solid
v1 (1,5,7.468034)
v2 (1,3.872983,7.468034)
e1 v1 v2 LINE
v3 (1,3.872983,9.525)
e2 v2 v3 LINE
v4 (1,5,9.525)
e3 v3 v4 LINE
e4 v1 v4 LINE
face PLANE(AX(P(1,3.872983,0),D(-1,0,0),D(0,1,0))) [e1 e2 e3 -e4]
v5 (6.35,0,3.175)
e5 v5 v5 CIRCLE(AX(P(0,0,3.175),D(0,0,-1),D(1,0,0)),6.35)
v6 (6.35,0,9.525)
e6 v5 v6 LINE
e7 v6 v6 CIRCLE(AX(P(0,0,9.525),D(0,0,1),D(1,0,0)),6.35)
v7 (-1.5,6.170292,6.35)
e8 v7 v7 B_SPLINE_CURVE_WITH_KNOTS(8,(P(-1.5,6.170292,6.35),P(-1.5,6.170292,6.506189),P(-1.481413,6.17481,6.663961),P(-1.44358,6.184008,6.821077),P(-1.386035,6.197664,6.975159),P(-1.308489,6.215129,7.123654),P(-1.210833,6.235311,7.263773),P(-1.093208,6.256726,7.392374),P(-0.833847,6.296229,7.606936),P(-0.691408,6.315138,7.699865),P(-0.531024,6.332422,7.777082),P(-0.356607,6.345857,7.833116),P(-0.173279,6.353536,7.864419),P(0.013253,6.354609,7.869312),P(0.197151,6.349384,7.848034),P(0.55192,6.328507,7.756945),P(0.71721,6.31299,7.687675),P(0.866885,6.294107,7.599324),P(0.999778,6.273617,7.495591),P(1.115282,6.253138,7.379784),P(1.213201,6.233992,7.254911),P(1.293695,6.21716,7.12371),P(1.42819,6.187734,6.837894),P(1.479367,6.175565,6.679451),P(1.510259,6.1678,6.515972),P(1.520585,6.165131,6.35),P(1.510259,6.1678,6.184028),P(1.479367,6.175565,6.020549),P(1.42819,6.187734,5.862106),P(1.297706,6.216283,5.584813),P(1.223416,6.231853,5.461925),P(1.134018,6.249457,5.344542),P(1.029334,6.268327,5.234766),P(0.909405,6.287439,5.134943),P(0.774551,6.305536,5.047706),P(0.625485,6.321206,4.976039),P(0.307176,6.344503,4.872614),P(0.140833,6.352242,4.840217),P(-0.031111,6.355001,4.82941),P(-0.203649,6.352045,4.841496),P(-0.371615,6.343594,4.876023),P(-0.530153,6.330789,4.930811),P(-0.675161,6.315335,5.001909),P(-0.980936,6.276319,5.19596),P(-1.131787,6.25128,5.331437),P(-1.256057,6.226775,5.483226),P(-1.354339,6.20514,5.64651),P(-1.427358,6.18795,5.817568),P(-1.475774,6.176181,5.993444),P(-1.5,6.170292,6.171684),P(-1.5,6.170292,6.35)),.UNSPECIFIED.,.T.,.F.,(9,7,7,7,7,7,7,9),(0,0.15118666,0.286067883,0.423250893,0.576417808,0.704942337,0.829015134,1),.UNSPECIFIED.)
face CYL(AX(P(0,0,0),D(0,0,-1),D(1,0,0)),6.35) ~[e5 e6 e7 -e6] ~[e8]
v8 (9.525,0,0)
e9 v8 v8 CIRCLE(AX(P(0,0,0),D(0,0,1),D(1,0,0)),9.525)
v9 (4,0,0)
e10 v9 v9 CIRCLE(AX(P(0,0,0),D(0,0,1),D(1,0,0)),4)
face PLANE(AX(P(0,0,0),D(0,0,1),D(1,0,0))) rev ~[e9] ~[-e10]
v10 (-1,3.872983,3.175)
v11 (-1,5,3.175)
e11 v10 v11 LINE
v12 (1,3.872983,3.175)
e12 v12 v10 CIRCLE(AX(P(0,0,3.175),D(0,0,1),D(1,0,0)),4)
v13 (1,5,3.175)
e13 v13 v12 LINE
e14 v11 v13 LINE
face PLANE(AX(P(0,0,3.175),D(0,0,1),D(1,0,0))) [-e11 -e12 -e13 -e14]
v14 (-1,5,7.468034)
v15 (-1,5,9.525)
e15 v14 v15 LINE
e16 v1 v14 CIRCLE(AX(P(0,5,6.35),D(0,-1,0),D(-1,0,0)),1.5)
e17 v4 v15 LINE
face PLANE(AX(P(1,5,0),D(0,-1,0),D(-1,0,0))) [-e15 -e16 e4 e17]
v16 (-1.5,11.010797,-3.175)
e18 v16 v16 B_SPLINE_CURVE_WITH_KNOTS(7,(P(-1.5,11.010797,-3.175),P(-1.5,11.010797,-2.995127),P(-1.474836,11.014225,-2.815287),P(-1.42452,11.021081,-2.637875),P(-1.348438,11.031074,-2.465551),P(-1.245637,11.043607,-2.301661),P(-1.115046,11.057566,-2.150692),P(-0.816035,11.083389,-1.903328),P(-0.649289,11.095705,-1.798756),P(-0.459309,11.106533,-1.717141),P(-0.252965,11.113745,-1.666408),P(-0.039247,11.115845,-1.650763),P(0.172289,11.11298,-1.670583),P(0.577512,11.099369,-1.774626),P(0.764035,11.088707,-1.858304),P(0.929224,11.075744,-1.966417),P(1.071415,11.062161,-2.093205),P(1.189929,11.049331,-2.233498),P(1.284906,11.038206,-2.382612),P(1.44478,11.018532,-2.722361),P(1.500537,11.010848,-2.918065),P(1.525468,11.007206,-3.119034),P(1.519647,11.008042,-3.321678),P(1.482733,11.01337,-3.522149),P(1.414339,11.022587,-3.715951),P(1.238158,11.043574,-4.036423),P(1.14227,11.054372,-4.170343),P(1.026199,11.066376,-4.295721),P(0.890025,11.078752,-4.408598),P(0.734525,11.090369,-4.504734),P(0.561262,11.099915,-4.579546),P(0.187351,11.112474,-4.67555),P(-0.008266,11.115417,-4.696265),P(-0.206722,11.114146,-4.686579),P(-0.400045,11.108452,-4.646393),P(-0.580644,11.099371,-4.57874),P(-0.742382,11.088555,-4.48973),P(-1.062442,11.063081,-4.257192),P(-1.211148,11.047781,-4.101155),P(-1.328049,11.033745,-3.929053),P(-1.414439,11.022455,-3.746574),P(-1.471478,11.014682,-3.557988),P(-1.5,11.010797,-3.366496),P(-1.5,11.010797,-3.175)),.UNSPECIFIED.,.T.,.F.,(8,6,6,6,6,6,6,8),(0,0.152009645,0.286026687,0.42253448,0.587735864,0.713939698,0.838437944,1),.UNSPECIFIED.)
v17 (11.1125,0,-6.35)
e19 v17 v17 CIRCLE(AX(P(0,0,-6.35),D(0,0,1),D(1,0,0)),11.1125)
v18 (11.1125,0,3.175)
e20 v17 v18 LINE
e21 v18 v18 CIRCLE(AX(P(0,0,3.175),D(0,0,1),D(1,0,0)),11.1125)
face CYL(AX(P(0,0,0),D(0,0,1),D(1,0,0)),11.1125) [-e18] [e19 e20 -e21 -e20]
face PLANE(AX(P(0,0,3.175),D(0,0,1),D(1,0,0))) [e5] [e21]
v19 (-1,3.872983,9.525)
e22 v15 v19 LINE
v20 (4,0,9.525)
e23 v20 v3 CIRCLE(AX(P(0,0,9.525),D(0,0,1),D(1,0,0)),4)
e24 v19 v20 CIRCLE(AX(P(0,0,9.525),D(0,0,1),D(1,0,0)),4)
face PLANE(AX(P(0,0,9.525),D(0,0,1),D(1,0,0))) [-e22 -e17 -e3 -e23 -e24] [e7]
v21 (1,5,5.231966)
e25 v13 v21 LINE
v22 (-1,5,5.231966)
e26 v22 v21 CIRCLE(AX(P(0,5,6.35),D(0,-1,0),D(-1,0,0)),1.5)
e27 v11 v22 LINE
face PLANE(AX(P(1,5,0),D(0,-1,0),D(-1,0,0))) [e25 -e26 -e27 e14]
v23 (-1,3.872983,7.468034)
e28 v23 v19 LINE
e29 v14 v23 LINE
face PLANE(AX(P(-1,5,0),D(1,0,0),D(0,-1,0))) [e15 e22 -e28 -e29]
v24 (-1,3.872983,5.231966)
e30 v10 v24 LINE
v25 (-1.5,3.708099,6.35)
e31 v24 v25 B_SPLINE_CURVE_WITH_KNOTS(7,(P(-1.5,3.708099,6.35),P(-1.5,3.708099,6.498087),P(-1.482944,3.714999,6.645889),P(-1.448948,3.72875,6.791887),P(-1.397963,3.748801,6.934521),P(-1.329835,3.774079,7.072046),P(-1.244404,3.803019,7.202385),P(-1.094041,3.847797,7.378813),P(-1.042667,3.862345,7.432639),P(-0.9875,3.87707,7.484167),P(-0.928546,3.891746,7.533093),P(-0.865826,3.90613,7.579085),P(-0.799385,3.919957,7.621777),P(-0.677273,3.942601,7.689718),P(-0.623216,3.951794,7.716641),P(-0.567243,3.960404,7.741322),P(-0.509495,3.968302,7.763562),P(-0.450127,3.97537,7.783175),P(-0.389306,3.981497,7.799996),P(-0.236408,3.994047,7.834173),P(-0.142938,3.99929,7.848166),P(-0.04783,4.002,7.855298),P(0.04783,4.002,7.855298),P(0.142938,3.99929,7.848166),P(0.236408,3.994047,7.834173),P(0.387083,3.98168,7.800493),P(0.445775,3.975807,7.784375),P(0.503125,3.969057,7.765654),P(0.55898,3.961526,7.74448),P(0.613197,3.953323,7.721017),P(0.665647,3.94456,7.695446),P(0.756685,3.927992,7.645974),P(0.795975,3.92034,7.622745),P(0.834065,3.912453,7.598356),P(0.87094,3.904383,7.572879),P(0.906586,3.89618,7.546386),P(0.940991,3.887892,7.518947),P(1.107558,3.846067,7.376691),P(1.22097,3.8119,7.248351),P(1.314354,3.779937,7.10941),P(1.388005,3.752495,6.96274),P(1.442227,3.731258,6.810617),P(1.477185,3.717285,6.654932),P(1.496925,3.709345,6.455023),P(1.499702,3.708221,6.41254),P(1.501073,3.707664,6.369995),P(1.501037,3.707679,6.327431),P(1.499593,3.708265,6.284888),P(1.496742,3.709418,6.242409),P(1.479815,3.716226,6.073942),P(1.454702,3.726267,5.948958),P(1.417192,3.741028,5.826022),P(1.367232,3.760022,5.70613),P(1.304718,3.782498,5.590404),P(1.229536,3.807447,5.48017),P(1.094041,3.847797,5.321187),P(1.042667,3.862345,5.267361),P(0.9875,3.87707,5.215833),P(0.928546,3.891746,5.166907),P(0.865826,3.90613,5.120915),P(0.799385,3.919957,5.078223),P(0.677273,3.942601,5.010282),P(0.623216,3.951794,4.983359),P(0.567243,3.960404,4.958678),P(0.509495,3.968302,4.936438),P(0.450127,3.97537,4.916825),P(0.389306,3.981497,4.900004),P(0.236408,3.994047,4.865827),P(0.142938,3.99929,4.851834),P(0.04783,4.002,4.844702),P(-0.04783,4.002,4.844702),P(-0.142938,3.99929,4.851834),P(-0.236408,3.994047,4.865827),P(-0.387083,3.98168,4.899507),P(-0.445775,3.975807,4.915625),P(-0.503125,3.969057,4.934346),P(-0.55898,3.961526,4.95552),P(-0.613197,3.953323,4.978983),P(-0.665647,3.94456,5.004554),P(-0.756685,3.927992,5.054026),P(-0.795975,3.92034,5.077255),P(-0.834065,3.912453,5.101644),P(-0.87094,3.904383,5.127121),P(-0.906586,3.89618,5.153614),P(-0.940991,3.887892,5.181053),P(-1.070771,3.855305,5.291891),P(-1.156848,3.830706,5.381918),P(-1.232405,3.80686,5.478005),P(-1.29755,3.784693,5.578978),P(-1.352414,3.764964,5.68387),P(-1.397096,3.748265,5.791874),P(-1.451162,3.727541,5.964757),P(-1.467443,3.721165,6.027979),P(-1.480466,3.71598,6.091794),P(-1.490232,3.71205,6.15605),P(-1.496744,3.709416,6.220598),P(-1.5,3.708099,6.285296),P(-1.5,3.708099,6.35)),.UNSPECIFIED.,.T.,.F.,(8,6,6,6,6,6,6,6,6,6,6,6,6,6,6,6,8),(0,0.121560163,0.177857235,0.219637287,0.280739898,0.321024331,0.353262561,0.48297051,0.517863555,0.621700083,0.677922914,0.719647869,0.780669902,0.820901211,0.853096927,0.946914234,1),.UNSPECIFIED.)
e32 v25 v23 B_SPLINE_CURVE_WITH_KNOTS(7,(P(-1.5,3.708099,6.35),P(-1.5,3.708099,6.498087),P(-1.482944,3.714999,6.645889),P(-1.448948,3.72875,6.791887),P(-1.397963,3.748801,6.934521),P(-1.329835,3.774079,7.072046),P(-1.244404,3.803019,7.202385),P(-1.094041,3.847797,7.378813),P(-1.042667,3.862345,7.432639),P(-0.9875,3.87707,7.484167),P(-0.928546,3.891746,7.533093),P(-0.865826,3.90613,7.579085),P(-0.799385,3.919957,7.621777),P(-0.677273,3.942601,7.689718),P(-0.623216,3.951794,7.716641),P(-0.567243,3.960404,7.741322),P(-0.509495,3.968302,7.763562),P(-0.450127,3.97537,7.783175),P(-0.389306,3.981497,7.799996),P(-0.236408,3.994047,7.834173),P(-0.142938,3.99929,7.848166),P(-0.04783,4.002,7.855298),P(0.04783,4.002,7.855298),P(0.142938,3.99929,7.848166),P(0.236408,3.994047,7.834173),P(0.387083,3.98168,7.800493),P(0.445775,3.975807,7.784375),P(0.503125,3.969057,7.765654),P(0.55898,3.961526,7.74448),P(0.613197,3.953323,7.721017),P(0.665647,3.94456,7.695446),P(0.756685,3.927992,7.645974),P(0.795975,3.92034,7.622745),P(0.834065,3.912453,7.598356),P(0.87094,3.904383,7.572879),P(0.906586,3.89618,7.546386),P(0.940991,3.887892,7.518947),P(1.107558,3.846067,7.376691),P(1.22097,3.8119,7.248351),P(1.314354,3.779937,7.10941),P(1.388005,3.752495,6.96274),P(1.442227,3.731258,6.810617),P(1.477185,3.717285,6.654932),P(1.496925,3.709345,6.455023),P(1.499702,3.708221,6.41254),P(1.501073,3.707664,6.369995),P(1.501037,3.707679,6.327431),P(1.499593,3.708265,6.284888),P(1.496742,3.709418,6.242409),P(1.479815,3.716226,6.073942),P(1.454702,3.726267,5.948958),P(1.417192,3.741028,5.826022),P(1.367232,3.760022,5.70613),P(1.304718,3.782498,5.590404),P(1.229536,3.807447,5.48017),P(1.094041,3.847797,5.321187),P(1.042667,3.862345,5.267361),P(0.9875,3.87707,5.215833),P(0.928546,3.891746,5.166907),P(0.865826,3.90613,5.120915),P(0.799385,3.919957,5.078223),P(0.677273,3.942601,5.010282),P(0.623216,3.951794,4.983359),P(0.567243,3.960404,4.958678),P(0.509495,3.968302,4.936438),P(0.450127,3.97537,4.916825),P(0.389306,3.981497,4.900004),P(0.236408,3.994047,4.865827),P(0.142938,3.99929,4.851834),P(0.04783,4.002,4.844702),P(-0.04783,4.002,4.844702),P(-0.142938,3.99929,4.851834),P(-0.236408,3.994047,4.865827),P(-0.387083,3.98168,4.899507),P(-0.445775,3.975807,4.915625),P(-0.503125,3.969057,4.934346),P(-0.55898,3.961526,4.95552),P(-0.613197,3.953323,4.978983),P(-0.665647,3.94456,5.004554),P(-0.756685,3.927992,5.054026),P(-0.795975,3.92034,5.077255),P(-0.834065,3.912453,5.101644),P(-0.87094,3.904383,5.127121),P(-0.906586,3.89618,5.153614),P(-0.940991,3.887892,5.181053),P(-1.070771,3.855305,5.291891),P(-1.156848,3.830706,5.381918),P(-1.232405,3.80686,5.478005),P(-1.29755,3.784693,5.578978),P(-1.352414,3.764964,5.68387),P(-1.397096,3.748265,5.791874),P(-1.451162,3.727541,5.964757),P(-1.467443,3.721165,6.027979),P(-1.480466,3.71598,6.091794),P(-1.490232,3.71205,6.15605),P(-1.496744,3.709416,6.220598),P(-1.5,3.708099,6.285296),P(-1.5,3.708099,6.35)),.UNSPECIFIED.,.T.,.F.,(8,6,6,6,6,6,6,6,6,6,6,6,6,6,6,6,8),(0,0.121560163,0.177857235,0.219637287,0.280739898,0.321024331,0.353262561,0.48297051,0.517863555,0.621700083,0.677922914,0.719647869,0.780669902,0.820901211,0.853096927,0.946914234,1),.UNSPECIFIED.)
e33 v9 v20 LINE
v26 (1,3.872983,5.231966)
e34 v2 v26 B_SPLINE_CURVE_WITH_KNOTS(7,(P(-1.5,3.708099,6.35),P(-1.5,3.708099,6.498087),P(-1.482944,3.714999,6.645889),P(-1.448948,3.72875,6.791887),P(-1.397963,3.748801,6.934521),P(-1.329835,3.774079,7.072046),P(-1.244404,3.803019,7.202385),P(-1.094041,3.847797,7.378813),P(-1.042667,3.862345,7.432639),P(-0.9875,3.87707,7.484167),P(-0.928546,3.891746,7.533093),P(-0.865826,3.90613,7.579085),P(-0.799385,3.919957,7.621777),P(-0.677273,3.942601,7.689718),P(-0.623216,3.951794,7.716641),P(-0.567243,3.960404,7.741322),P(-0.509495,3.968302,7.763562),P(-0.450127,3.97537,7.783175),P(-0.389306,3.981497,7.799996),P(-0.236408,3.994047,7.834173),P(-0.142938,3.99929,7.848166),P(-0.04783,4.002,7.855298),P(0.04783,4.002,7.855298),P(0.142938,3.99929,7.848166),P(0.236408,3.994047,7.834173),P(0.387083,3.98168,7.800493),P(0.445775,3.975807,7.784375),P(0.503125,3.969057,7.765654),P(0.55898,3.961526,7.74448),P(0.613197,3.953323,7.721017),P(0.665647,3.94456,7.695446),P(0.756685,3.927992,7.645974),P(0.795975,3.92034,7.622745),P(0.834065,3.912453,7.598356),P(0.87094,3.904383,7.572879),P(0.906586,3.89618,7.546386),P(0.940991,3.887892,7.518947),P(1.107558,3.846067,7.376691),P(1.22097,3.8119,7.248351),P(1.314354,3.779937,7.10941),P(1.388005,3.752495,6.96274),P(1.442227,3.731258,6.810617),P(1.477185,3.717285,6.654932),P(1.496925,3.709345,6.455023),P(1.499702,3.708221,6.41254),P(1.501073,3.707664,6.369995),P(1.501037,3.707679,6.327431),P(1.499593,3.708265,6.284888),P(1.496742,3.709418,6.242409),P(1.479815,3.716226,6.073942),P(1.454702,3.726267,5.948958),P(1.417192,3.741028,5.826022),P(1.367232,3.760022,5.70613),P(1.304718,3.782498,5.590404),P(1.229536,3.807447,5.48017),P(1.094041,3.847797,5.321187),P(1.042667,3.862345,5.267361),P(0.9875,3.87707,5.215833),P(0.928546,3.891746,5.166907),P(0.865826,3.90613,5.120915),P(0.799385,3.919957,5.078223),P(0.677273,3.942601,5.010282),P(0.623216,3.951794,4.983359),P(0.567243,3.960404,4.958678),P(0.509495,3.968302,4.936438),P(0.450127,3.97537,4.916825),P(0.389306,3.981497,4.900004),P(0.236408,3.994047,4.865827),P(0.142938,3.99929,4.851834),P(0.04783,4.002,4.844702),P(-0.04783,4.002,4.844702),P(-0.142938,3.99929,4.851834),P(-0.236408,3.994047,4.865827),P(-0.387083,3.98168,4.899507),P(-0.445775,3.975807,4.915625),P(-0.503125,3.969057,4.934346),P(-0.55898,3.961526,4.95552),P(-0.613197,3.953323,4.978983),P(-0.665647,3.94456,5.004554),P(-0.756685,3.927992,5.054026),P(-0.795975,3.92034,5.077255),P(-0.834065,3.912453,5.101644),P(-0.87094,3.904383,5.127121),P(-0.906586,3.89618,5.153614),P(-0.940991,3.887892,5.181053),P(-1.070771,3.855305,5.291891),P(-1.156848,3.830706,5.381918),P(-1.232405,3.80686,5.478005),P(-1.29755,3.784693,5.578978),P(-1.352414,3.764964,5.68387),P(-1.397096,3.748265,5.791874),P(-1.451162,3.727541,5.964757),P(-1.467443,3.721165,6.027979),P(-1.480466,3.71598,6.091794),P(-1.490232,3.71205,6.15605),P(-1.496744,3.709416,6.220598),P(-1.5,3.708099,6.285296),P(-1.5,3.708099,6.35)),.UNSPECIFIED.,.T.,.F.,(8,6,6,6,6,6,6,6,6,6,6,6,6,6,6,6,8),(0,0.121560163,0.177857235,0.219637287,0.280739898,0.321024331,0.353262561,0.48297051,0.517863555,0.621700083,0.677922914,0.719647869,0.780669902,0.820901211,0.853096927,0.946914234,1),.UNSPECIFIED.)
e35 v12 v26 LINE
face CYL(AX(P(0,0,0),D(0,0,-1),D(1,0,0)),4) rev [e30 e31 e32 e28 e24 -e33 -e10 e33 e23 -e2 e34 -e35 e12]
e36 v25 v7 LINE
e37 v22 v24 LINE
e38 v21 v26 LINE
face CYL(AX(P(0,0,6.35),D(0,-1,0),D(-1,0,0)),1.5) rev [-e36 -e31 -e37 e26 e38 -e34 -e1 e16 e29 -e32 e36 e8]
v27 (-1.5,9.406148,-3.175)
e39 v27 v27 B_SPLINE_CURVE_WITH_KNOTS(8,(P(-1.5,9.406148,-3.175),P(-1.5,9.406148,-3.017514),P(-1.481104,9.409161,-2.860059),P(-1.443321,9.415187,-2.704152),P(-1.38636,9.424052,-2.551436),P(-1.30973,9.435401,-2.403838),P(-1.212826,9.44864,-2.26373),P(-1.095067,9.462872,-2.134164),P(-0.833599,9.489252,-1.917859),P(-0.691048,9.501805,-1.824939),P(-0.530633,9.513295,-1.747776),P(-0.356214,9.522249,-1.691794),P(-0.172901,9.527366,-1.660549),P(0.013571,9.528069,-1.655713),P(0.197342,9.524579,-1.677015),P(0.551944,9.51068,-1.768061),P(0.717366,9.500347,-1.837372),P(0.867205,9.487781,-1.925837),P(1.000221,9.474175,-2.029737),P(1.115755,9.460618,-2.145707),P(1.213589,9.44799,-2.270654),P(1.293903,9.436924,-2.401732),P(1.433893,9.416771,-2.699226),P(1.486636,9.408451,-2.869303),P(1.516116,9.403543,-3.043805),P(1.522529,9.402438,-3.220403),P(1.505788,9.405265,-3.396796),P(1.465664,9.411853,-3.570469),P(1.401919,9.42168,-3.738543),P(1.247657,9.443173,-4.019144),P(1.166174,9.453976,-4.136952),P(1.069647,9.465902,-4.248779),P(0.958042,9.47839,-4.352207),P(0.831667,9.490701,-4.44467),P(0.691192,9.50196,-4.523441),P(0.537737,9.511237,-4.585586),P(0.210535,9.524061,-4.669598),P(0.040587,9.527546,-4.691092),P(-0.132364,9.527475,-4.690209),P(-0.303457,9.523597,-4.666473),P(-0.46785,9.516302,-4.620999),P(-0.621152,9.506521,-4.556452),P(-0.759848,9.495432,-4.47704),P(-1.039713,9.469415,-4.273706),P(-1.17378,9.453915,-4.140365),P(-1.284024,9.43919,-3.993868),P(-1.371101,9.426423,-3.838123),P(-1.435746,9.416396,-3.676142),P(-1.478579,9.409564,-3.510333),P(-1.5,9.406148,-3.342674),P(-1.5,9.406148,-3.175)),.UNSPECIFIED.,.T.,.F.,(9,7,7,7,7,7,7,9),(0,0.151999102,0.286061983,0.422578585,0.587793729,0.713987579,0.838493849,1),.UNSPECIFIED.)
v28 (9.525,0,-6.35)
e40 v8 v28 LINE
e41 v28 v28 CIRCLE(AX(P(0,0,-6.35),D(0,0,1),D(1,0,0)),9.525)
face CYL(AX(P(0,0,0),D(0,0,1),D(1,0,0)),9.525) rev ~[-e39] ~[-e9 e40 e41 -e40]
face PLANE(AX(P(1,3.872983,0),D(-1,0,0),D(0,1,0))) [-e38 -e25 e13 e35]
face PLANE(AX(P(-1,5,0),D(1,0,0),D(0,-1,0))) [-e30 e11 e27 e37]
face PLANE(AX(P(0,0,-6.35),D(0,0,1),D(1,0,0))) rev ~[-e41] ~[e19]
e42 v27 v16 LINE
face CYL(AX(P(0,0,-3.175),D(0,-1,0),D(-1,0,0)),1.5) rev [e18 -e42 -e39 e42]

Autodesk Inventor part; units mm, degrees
ref_plane "YZ Plane" through (0, 0, 0) normal (1, 0, 0) x (0, 1, 0)
ref_plane "XZ Plane" through (0, 0, 0) normal (0, 1, 0) x (-1, 0, 0)
ref_plane "XY Plane" through (0, 0, 0) normal (0, 0, 1) x (1, 0, 0)
sketch "Sketch1" plane through (0, 0, 0) normal (0, 0, 1) x (1, 0, 0)
  circle A0 centre (0, 0) radius 9.525
  circle A1 centre (0, 0) radius 11.1125
  circle A2 centre (0, 0) radius 4
  circle A3 centre (0, 0) radius 6.35
  line L0 (-1, 3) -> (1, 3)
  line L1 (1, 3) -> (1, 5)
  line L2 (1, 5) -> (-1, 5)
  line L3 (-1, 5) -> (-1, 3)
  dimension "d0" = 19.05
  dimension "d1" = 22.225
  dimension "d2" = 8
  dimension "d3" = 12.7
  dimension "d15" = 2
  dimension "d16" = 2
  dimension "d17" = 1
  dimension "d18" = 5
extrude "Extrusion1" add sketch "Sketch1" along normal blind 3.175 contours A0 | A1 | A2 L3 L2 L1 | A3
extrude "Extrusion2" add sketch "Sketch1" along normal blind 9.525 contours A3
extrude "Extrusion3" add sketch "Sketch1" against normal blind 6.35 contours A1
sketch "Sketch2" plane through (0, 0, 0) normal (0, 1, 0) x (-1, 0, 0)
  circle A0 centre (0, 6.35) radius 1.5
  circle A1 centre (0, -3.175) radius 1.5
  line L0 (-9.525, 0) -> (9.525, 0) projected
  line L1 (-4, 9.525) -> (4, 9.525) projected
  point P0 (0, 0)
  point P1 (0, 0)
  dimension "d10" = 3
  dimension "d11" = 3.175
  dimension "d12" = 3.175
extrude "Extrusion4" cut sketch "Sketch2" along normal through all
equation "\"d16\" = d15"
equation "\"d17\" = 0.5 * d15"
equation "\"d18\" = 0.5 * d2 + d17"
properties part number "sprocket hub adaptor"
